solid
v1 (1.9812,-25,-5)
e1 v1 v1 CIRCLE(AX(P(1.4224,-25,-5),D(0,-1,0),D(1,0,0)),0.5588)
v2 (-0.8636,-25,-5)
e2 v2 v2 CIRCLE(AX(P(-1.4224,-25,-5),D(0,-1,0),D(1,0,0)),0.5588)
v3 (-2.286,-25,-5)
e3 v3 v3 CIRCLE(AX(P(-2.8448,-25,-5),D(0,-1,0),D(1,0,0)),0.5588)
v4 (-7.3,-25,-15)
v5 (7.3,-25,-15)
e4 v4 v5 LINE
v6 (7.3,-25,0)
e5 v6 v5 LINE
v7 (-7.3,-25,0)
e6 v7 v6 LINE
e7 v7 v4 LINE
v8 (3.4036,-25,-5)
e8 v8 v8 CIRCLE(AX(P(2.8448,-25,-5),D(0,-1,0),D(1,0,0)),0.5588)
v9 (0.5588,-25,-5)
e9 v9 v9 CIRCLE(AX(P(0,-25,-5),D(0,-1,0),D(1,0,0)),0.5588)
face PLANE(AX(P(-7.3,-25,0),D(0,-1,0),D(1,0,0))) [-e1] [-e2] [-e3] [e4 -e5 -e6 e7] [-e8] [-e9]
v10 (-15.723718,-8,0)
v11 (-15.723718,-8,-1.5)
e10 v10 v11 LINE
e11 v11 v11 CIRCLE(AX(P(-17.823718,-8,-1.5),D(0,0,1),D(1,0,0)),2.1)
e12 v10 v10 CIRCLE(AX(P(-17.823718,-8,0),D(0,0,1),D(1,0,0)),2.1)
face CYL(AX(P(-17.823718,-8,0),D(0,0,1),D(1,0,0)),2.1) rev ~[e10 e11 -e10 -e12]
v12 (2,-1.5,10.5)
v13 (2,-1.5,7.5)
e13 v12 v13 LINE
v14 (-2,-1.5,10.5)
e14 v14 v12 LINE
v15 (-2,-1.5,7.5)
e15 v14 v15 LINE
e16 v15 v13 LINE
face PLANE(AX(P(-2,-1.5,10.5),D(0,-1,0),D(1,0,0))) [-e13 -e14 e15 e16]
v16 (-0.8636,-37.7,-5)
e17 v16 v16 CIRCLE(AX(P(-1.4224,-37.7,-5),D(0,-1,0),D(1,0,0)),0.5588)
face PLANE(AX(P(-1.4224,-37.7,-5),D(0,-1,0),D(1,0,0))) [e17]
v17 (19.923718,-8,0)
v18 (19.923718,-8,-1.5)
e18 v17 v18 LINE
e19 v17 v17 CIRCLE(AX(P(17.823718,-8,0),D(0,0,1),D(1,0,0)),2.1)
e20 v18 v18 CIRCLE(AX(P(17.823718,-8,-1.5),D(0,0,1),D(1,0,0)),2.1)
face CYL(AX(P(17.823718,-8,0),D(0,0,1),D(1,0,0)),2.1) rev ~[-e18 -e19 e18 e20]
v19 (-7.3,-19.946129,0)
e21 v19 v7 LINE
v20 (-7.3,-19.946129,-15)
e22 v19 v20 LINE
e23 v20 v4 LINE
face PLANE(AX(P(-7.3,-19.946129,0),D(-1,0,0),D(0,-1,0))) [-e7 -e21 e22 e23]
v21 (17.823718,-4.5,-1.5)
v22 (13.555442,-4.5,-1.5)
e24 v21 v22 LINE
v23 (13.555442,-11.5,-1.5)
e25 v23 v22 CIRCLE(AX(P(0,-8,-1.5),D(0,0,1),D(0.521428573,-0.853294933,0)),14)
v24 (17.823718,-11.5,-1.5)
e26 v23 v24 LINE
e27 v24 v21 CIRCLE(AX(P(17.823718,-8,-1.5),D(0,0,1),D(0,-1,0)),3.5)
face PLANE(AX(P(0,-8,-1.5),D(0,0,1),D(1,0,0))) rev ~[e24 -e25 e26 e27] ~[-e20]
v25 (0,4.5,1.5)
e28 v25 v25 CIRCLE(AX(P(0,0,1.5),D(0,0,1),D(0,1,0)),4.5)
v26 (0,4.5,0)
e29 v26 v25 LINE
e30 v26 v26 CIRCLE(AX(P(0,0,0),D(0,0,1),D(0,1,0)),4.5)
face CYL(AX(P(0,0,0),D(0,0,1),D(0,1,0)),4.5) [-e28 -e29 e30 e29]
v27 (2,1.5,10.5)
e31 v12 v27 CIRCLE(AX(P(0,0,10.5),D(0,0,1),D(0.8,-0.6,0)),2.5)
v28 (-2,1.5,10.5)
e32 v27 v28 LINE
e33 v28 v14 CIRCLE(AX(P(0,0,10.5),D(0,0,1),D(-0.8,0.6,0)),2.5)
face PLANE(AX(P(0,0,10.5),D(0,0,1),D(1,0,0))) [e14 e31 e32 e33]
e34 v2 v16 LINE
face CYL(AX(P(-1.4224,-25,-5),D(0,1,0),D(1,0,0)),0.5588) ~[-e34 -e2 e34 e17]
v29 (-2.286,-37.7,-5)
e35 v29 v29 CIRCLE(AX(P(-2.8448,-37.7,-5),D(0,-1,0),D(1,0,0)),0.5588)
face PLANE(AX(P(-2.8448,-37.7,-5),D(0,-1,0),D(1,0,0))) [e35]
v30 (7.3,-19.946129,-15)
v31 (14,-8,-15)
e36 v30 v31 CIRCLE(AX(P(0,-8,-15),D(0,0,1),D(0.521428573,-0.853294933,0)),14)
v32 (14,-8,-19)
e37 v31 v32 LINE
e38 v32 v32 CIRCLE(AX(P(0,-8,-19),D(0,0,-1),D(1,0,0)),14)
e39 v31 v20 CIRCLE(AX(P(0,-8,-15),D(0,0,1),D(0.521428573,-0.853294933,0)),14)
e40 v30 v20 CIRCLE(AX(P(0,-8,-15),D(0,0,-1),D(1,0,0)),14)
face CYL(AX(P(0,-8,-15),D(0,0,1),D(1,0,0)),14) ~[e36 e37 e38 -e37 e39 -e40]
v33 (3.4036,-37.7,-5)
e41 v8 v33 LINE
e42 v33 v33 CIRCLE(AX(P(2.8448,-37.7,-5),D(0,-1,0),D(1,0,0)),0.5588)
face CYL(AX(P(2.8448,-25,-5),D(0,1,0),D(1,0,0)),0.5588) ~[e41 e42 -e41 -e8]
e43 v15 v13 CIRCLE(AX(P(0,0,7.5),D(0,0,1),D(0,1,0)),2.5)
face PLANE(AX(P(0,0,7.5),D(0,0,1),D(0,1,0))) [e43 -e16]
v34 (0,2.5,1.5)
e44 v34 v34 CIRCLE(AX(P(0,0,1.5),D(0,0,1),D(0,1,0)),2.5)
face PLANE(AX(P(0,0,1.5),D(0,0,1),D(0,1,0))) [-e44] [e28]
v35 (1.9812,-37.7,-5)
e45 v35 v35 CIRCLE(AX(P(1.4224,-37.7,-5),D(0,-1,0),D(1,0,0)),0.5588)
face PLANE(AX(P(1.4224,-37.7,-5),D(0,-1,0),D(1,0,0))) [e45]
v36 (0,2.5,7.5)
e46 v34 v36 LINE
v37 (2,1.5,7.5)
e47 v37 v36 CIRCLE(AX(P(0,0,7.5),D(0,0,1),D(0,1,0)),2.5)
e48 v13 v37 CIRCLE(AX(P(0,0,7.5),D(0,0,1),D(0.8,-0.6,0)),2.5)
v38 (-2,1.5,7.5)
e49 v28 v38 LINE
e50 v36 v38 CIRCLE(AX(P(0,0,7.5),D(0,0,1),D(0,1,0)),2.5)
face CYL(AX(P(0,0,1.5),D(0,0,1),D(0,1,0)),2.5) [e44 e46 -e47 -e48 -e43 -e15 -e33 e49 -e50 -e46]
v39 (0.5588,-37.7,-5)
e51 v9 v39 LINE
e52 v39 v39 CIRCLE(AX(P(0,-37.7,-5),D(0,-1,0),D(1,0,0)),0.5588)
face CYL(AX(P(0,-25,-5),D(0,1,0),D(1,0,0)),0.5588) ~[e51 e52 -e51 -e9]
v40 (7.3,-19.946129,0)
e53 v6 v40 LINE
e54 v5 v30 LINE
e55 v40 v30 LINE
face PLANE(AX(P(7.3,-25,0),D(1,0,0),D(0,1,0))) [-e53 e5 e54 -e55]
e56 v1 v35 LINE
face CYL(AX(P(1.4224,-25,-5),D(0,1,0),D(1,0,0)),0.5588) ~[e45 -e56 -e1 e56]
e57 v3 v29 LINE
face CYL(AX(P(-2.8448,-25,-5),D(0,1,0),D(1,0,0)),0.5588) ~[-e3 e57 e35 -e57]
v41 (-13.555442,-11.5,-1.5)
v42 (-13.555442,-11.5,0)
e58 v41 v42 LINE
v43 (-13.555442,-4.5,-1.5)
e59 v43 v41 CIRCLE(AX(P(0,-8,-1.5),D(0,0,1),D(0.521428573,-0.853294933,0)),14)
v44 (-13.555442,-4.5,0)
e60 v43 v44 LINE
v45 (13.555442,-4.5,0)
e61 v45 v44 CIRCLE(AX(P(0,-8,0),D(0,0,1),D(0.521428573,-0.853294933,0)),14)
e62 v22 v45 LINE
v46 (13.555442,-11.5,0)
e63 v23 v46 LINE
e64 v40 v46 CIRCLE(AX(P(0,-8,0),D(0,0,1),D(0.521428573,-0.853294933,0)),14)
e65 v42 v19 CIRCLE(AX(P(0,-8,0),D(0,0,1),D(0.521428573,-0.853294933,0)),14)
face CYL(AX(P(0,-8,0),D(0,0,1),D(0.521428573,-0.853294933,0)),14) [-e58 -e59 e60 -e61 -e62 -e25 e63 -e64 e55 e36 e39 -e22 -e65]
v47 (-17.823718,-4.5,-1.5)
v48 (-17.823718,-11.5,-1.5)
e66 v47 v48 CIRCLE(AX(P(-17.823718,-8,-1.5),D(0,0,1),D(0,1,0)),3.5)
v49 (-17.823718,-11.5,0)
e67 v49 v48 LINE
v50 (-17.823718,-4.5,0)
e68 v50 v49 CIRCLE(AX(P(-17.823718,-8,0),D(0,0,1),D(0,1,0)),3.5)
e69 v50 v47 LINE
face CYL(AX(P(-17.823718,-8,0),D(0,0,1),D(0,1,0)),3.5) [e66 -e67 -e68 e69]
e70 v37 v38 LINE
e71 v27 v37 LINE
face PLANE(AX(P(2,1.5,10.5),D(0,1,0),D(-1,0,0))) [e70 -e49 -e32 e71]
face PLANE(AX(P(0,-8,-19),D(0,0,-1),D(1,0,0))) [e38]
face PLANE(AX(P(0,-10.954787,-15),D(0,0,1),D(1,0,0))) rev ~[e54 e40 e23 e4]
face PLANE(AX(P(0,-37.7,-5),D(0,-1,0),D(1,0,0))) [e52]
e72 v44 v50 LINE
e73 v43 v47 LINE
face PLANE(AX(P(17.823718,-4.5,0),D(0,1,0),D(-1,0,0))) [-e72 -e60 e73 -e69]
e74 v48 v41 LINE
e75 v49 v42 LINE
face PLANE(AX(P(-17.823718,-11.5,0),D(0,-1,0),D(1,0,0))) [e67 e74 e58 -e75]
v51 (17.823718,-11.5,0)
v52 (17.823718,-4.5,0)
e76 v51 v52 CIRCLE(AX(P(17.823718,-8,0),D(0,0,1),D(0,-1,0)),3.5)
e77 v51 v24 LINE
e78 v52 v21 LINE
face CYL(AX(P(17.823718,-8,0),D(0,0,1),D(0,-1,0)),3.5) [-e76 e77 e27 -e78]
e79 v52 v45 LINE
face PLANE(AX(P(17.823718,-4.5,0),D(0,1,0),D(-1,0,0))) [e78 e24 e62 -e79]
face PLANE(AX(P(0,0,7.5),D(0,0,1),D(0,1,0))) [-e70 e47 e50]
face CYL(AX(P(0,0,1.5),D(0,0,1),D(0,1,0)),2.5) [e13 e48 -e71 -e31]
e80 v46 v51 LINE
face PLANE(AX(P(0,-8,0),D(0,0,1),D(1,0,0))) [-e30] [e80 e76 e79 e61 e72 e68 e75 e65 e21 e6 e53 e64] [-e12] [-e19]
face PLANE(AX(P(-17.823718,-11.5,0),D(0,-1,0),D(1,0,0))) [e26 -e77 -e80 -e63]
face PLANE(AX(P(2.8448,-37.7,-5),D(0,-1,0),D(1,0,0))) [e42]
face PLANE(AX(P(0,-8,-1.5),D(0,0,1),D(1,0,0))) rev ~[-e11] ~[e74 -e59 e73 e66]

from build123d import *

# Parameters (mm, degrees)
F1_DEPTH  = 15
F2_R      = 14
F3_DEPTH  = 4
F4_R      = 2.1
F5_DEPTH  = 1.5
F7_R      = 0.5588
F8_DEPTH  = 12.7
F13_DEPTH = 3


with BuildPart() as f1:
    # F0 (on Top) → F1 (new body)
    with BuildSketch(Plane.XY):
        with BuildLine():
            Line((7.3, -25), (7.3, -19.946129))
            ThreePointArc((7.3, -19.946129), (0, 6), (-7.3, -19.946129))
            Line((-7.3, -19.946129), (-7.3, -25))
            Line((-7.3, -25), (7.3, -25))
        make_face()
    extrude(amount=-F1_DEPTH)

    # F2 (on face) → F3 (join)
    with BuildSketch(Plane(origin=(0, 0, -15), x_dir=(1, 0, 0), z_dir=(0, 0, -1))):
        with Locations((0, 8)):
            Circle(F2_R)
    extrude(amount=F3_DEPTH)

    # F4 (on Top) → F5 (join)
    with BuildSketch(Plane.XY):
        with BuildLine():
            ThreePointArc((-17.823718, -4.5), (-21.323718, -8), (-17.823718, -11.5))
            Line((-17.823718, -11.5), (17.823718, -11.5))
            ThreePointArc((17.823718, -11.5), (21.323718, -8), (17.823718, -4.5))
            Line((17.823718, -4.5), (-17.823718, -4.5))
        make_face()
        with Locations((-17.823718, -8)):
            Circle(F4_R, mode=Mode.SUBTRACT)
        with Locations((17.823718, -8)):
            Circle(F4_R, mode=Mode.SUBTRACT)
    extrude(amount=-F5_DEPTH)

    # F7 (on face) → F8 (join)
    with BuildSketch(Plane.XZ.offset(25)):
        with Locations((-2.8448, -5)):
            Circle(F7_R)
        with Locations((-1.4224, -5)):
            Circle(F7_R)
        with Locations((0, -5)):
            Circle(F7_R)
        with Locations((1.4224, -5)):
            Circle(F7_R)
        with Locations((2.8448, -5)):
            Circle(F7_R)
    extrude(amount=F8_DEPTH)

    # F9 (on Right) → F10 (revolve)
    with BuildSketch(Plane.YZ):
        Polygon((0, 7.5), (0, 0), (4.5, 0), (4.5, 1.5), (2.5, 1.5), (2.5, 7.5), align=None)
    revolve(axis=Axis((0, 0, 3.75), (0, 0, 1)))

    # F12 (on offset) → F13 (join, through all)
    with BuildSketch(Plane.XY.offset(10.5)):
        with BuildLine():
            Line((2, 1.5), (-2, 1.5))
            ThreePointArc((-2, 1.5), (-2.5, 0), (-2, -1.5))
            Line((-2, -1.5), (2, -1.5))
            ThreePointArc((2, -1.5), (2.5, 0), (2, 1.5))
        make_face()
    extrude(amount=-F13_DEPTH)


solid = f1.part
